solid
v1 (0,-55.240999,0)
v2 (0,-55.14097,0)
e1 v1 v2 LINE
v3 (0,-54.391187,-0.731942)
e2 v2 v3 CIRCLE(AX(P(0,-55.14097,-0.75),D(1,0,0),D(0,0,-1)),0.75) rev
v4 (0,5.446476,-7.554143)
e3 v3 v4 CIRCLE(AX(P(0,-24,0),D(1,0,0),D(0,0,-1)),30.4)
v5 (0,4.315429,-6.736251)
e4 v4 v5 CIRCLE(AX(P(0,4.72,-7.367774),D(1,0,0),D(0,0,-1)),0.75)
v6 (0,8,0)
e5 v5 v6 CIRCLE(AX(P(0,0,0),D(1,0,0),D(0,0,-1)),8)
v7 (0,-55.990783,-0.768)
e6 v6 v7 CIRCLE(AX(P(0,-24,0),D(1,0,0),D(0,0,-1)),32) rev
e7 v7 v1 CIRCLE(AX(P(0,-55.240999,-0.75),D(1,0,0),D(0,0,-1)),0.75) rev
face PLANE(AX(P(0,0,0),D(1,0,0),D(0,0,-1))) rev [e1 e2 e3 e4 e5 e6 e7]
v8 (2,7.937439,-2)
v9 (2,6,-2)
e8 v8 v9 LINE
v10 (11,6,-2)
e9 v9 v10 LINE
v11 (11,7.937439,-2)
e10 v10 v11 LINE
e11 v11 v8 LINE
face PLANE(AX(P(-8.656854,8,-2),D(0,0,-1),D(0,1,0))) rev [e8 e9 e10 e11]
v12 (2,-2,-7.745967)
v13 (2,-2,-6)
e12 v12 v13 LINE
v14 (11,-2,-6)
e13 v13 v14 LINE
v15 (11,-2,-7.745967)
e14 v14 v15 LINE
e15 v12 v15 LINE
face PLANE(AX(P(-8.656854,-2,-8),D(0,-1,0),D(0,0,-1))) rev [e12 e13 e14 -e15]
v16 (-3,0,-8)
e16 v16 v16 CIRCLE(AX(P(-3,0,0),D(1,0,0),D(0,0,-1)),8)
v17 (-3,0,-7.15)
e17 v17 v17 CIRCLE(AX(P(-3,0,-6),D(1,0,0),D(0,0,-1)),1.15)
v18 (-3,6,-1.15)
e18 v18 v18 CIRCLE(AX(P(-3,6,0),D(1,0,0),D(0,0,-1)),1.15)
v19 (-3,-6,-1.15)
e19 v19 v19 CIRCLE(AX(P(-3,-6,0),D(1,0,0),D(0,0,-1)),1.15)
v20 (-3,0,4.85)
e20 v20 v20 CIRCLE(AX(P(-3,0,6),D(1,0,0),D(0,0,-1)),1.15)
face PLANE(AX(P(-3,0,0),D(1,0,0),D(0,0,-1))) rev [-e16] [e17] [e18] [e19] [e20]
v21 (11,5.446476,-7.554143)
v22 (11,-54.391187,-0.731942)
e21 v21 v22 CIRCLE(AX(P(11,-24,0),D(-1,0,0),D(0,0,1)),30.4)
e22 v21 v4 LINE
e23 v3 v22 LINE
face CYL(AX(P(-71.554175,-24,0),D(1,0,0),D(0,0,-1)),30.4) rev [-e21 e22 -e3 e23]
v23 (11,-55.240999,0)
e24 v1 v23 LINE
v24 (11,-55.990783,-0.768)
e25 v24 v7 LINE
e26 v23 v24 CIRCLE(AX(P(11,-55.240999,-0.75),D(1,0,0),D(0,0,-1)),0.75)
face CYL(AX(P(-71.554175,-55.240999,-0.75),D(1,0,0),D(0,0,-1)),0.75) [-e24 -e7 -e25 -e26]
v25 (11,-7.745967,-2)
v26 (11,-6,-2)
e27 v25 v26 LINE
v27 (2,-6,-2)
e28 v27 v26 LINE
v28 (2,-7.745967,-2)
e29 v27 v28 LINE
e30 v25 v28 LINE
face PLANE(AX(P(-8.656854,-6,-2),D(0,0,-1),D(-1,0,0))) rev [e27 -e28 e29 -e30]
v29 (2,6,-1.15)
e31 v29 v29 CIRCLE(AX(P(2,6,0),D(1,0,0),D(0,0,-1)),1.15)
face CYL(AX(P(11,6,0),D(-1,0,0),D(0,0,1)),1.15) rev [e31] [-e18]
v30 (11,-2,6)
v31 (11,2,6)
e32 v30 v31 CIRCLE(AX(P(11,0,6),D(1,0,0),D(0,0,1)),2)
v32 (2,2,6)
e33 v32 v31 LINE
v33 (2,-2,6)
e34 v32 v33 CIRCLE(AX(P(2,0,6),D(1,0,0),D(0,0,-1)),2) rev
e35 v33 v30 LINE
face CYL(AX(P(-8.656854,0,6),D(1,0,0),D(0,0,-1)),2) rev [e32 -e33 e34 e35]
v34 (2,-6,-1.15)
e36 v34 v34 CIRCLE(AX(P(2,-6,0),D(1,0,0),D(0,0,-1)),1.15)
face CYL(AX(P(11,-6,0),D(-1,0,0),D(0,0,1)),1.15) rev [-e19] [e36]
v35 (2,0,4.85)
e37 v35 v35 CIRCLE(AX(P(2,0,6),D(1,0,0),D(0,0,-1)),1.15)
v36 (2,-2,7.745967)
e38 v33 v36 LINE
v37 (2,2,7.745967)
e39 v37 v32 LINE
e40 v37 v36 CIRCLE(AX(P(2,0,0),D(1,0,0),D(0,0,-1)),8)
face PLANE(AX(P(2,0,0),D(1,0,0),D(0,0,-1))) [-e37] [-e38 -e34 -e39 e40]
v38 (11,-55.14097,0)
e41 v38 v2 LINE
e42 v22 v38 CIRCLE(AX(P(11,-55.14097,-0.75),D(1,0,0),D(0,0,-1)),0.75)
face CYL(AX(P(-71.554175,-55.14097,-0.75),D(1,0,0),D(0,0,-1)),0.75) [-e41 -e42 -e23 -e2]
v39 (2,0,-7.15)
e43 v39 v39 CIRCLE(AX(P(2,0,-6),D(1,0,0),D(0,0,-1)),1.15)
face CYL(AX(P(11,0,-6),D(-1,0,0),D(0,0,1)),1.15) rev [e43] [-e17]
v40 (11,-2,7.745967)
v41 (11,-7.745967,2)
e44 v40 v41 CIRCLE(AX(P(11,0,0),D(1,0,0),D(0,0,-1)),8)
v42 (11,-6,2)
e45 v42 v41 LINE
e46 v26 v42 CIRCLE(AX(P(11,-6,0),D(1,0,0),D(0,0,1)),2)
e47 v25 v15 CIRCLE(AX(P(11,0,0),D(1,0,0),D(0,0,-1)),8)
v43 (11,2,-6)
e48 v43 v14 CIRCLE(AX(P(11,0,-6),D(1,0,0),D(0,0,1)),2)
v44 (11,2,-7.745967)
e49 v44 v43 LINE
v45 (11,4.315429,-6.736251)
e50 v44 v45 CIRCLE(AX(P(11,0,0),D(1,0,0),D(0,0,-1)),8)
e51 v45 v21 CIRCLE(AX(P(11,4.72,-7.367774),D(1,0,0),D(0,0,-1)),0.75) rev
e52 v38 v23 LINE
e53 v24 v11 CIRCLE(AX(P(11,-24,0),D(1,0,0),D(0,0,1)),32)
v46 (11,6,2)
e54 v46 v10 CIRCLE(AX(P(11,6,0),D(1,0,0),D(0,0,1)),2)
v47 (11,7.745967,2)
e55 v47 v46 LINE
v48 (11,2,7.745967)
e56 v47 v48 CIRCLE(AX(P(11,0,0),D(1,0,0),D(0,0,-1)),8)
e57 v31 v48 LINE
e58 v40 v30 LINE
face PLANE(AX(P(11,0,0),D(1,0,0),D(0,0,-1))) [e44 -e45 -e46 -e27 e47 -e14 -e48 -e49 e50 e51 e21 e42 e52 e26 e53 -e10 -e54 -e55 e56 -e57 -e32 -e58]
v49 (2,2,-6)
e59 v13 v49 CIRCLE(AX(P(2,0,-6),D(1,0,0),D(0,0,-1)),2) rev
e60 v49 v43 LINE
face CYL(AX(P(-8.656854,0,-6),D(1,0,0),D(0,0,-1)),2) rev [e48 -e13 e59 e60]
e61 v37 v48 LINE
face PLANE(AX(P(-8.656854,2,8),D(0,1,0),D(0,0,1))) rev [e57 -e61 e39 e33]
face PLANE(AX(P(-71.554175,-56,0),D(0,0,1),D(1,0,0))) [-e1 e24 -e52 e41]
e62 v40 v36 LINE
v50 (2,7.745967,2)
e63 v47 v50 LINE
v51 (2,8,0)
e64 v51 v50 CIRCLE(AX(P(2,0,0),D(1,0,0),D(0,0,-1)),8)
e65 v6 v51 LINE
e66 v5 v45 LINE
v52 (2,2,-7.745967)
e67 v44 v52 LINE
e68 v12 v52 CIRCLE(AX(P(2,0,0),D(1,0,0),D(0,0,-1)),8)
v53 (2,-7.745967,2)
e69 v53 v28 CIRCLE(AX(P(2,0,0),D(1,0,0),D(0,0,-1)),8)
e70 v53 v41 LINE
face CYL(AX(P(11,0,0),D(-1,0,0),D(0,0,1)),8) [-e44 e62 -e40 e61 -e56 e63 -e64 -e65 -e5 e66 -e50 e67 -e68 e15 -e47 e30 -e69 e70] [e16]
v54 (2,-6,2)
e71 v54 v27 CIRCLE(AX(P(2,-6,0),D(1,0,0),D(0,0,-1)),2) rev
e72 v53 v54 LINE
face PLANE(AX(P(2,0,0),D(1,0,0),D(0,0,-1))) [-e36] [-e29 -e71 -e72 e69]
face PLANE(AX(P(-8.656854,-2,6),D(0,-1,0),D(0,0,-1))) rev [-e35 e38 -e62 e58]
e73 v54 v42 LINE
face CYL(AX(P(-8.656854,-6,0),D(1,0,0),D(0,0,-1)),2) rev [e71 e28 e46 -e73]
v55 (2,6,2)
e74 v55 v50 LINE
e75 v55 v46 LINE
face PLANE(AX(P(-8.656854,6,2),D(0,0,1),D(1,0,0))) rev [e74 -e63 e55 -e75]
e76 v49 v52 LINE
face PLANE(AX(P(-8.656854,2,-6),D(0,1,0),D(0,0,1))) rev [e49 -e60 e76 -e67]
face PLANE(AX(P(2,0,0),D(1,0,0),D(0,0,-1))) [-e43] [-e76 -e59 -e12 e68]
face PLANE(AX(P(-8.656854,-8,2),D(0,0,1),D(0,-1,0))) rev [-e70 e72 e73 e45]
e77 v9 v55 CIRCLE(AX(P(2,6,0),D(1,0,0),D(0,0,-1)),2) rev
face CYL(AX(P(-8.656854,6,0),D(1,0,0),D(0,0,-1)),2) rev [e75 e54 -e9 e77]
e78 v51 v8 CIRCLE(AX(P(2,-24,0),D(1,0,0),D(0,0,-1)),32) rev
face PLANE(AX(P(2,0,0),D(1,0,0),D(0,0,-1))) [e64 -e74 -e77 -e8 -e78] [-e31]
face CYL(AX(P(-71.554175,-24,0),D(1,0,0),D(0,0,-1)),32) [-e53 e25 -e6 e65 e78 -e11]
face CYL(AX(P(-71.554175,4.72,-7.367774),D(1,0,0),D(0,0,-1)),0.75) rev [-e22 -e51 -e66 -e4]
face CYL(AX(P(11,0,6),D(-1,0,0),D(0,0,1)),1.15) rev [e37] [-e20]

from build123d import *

# Parameters (mm, degrees)
HUB_SKETCH_R    = 8
HUB_SKETCH_R_2  = 1.15
HUB_DEPTH       = 11
HUB_DEPTH_BACK  = 3
LEG_DEPTH       = 11
CLEARANCE_DEPTH = 9
FILLET_2_R      = 0.75


with BuildPart() as part:
    # Hub-Sketch → Hub (new body, two sides)
    with BuildSketch(Plane(origin=(0, 0, 0), x_dir=(0, 0, -1), z_dir=(1, 0, 0))) as hub_sk:
        Circle(HUB_SKETCH_R)
        with Locations((0, 6)):
            Circle(HUB_SKETCH_R_2, mode=Mode.SUBTRACT)
        with Locations((-6, 0)):
            Circle(HUB_SKETCH_R_2, mode=Mode.SUBTRACT)
        with Locations((0, -6)):
            Circle(HUB_SKETCH_R_2, mode=Mode.SUBTRACT)
        with Locations((6, 0)):
            Circle(HUB_SKETCH_R_2, mode=Mode.SUBTRACT)
    extrude(amount=HUB_DEPTH)
    extrude(hub_sk.sketch, amount=-HUB_DEPTH_BACK)

    # Leg-Sketch → Leg (add)
    with BuildSketch(Plane(origin=(11, 0, 0), x_dir=(0, 0, -1), z_dir=(1, 0, 0))):
        with BuildLine():
            Line((0, -56), (0, -54.4))
            ThreePointArc((0, -54.4), (30.279762218, -26.701110883), (5.380854951, 5.92))
            ThreePointArc((5.380854951, 5.92), (2.88444102, 7.461903242), (0, 8))
            ThreePointArc((0, 8), (32, -24), (0, -56))
        make_face()
    extrude(amount=-LEG_DEPTH)

    # Clearance-Sketch → Clearance (cut)
    with BuildSketch(Plane(origin=(11, 0, 0), x_dir=(0, 0, -1), z_dir=(1, 0, 0))):
        with BuildLine():
            Line((-2, 8), (2, 8))
            Line((2, 8), (2, 6))
            ThreePointArc((2, 6), (0, 4), (-2, 6))
            Line((-2, 6), (-2, 8))
        make_face()
        with BuildLine():
            Line((8, 2), (8, -2))
            Line((8, -2), (6, -2))
            ThreePointArc((6, -2), (4, 0), (6, 2))
            Line((6, 2), (8, 2))
        make_face()
        with BuildLine():
            Line((2, -8), (-2, -8))
            Line((-2, -8), (-2, -6))
            ThreePointArc((-2, -6), (0, -4), (2, -6))
            Line((2, -6), (2, -8))
        make_face()
        with BuildLine():
            Line((-8, -2), (-8, 2))
            Line((-8, 2), (-6, 2))
            ThreePointArc((-6, 2), (-4, 0), (-6, -2))
            Line((-6, -2), (-8, -2))
        make_face()
    extrude(amount=-CLEARANCE_DEPTH, mode=Mode.SUBTRACT)

    # Fillet 2
    fillet_2_edges = [part.edges().sort_by_distance(p)[0] for p in [
        (5.5, 5.92, -5.380854951),
        (5.5, -56, 0),
        (5.5, -54.4, 0),
    ]]
    fillet(fillet_2_edges, radius=FILLET_2_R)


solid = part.part
